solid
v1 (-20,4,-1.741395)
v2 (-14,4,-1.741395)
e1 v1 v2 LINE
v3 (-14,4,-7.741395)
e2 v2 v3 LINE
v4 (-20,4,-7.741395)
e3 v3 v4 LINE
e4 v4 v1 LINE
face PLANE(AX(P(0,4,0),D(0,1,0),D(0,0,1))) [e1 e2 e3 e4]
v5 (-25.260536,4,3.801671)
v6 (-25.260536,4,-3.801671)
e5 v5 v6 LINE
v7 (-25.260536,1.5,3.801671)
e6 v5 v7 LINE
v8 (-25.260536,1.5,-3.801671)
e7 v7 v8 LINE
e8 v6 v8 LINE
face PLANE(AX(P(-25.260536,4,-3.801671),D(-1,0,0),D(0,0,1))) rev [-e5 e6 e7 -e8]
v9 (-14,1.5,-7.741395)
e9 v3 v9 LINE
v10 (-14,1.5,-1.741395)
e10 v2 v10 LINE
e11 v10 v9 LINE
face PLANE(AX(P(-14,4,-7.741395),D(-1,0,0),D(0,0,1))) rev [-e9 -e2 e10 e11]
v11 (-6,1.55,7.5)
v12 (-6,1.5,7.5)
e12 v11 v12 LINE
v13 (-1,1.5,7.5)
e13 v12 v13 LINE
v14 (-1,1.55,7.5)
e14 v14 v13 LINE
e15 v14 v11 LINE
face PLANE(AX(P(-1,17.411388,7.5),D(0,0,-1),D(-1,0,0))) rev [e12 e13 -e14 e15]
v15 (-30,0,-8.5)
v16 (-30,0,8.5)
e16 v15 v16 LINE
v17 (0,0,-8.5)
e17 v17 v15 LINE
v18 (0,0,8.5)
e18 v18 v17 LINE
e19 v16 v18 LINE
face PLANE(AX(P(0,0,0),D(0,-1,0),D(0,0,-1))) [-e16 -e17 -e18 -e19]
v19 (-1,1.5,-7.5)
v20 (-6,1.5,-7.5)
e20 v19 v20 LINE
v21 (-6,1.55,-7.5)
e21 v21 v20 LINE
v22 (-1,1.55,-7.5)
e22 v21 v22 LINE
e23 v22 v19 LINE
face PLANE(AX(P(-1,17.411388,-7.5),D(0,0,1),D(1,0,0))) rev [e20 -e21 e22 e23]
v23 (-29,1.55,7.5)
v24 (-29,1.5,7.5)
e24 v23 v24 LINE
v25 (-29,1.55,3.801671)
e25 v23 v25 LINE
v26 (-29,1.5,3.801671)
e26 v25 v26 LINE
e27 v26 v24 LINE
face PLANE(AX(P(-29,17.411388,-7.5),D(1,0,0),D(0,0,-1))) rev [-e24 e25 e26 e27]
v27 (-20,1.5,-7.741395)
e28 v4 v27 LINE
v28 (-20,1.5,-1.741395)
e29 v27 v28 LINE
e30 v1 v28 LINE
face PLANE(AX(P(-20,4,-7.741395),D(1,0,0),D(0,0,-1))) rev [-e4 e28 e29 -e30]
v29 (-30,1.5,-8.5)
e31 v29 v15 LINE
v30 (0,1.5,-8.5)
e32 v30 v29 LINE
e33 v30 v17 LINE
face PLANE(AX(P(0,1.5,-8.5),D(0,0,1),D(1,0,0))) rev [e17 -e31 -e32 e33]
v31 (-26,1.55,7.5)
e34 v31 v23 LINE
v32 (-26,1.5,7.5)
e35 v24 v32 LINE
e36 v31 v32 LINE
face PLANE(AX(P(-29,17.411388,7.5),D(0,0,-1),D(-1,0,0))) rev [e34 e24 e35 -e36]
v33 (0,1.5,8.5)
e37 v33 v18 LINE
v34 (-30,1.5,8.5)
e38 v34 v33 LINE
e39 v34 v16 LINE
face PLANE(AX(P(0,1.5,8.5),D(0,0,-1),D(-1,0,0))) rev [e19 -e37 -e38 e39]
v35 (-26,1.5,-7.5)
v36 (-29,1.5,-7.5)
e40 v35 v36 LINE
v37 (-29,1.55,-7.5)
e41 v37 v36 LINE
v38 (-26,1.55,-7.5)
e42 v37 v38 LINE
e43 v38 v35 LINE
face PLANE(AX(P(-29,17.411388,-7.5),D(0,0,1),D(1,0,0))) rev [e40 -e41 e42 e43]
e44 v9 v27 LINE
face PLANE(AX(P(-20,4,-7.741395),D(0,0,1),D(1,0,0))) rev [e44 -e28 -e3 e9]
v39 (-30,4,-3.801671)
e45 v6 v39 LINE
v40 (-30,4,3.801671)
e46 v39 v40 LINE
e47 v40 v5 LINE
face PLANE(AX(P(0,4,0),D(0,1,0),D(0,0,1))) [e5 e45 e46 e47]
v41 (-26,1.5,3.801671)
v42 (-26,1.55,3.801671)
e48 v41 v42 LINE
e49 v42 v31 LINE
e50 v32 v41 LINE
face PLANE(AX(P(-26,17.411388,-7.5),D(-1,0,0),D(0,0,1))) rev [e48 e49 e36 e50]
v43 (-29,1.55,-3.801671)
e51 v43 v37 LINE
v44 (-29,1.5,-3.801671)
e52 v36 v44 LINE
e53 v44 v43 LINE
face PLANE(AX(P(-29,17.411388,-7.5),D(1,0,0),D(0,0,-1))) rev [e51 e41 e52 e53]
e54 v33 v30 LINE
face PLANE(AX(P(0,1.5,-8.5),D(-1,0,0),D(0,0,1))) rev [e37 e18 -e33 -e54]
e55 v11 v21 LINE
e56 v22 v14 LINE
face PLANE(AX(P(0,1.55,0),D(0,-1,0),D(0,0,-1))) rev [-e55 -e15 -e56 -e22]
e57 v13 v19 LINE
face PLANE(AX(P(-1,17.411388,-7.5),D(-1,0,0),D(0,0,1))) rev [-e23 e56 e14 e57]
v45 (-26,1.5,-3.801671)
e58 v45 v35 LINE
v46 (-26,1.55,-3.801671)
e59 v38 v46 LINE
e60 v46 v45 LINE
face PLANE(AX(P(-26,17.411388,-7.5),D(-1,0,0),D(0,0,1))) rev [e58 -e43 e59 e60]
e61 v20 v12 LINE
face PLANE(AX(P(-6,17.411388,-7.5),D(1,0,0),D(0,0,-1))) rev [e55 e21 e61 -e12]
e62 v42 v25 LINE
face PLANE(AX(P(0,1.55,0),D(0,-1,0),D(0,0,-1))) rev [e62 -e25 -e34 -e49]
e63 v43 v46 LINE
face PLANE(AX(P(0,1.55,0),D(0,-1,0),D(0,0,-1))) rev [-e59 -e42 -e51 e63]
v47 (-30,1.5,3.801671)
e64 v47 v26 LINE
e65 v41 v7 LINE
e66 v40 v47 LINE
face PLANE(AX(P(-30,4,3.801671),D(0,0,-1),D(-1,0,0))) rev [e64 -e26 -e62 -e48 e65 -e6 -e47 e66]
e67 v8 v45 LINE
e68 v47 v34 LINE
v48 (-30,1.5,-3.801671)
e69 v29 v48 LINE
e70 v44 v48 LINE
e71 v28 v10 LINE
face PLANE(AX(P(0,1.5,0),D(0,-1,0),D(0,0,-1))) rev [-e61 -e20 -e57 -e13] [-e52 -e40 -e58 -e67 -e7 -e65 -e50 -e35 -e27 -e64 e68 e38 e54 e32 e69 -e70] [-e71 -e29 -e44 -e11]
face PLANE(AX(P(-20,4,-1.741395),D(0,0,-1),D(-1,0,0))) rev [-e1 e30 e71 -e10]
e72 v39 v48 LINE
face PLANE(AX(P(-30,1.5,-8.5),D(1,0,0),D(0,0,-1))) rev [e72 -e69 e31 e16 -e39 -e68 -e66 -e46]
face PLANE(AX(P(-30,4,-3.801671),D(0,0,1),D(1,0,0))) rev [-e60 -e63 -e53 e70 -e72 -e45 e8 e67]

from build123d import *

# Parameters (mm, degrees)
SKETCH_1_W      = 30
SKETCH_1_H      = 17
EXTRUDE_1_DEPTH = 1.5
SKETCH_4_W      = 6
SKETCH_4_H      = 6
SKETCH_4_W_2    = 4.739464385
SKETCH_4_H_2    = 7.603341308
EXTRUDE_3_DEPTH = 4
SKETCH_6_W      = 5
SKETCH_6_H      = 15
SKETCH_6_W_2    = 3
EXTRUDE_4_DEPTH = 1.55


with BuildPart() as part:
    # Эскиз1 → Бобышка-Вытянуть1 (new body)
    with BuildSketch(Plane(origin=(0, 0, 0), x_dir=(1, 0, 0), z_dir=(0, 1, 0))):
        with Locations((-15, 0)):
            Rectangle(SKETCH_1_W, SKETCH_1_H)
    extrude(amount=EXTRUDE_1_DEPTH)

    # Эскиз4 → Бобышка-Вытянуть3 (add)
    with BuildSketch(Plane(origin=(0, 0, 0), x_dir=(1, 0, 0), z_dir=(0, 1, 0))):
        with Locations((-17, 4.741395497)):
            Rectangle(SKETCH_4_W, SKETCH_4_H)
        with Locations((-27.630267808, 0)):
            Rectangle(SKETCH_4_W_2, SKETCH_4_H_2)
    extrude(amount=EXTRUDE_3_DEPTH)

    # Эскиз6 → Бобышка-Вытянуть4 (add)
    with BuildSketch(Plane(origin=(0, 0, 0), x_dir=(1, 0, 0), z_dir=(0, 1, 0))):
        with Locations((-3.5, 0)):
            Rectangle(SKETCH_6_W, SKETCH_6_H)
        with Locations((-27.5, 0)):
            Rectangle(SKETCH_6_W_2, SKETCH_6_H)
    extrude(amount=EXTRUDE_4_DEPTH)


solid = part.part
